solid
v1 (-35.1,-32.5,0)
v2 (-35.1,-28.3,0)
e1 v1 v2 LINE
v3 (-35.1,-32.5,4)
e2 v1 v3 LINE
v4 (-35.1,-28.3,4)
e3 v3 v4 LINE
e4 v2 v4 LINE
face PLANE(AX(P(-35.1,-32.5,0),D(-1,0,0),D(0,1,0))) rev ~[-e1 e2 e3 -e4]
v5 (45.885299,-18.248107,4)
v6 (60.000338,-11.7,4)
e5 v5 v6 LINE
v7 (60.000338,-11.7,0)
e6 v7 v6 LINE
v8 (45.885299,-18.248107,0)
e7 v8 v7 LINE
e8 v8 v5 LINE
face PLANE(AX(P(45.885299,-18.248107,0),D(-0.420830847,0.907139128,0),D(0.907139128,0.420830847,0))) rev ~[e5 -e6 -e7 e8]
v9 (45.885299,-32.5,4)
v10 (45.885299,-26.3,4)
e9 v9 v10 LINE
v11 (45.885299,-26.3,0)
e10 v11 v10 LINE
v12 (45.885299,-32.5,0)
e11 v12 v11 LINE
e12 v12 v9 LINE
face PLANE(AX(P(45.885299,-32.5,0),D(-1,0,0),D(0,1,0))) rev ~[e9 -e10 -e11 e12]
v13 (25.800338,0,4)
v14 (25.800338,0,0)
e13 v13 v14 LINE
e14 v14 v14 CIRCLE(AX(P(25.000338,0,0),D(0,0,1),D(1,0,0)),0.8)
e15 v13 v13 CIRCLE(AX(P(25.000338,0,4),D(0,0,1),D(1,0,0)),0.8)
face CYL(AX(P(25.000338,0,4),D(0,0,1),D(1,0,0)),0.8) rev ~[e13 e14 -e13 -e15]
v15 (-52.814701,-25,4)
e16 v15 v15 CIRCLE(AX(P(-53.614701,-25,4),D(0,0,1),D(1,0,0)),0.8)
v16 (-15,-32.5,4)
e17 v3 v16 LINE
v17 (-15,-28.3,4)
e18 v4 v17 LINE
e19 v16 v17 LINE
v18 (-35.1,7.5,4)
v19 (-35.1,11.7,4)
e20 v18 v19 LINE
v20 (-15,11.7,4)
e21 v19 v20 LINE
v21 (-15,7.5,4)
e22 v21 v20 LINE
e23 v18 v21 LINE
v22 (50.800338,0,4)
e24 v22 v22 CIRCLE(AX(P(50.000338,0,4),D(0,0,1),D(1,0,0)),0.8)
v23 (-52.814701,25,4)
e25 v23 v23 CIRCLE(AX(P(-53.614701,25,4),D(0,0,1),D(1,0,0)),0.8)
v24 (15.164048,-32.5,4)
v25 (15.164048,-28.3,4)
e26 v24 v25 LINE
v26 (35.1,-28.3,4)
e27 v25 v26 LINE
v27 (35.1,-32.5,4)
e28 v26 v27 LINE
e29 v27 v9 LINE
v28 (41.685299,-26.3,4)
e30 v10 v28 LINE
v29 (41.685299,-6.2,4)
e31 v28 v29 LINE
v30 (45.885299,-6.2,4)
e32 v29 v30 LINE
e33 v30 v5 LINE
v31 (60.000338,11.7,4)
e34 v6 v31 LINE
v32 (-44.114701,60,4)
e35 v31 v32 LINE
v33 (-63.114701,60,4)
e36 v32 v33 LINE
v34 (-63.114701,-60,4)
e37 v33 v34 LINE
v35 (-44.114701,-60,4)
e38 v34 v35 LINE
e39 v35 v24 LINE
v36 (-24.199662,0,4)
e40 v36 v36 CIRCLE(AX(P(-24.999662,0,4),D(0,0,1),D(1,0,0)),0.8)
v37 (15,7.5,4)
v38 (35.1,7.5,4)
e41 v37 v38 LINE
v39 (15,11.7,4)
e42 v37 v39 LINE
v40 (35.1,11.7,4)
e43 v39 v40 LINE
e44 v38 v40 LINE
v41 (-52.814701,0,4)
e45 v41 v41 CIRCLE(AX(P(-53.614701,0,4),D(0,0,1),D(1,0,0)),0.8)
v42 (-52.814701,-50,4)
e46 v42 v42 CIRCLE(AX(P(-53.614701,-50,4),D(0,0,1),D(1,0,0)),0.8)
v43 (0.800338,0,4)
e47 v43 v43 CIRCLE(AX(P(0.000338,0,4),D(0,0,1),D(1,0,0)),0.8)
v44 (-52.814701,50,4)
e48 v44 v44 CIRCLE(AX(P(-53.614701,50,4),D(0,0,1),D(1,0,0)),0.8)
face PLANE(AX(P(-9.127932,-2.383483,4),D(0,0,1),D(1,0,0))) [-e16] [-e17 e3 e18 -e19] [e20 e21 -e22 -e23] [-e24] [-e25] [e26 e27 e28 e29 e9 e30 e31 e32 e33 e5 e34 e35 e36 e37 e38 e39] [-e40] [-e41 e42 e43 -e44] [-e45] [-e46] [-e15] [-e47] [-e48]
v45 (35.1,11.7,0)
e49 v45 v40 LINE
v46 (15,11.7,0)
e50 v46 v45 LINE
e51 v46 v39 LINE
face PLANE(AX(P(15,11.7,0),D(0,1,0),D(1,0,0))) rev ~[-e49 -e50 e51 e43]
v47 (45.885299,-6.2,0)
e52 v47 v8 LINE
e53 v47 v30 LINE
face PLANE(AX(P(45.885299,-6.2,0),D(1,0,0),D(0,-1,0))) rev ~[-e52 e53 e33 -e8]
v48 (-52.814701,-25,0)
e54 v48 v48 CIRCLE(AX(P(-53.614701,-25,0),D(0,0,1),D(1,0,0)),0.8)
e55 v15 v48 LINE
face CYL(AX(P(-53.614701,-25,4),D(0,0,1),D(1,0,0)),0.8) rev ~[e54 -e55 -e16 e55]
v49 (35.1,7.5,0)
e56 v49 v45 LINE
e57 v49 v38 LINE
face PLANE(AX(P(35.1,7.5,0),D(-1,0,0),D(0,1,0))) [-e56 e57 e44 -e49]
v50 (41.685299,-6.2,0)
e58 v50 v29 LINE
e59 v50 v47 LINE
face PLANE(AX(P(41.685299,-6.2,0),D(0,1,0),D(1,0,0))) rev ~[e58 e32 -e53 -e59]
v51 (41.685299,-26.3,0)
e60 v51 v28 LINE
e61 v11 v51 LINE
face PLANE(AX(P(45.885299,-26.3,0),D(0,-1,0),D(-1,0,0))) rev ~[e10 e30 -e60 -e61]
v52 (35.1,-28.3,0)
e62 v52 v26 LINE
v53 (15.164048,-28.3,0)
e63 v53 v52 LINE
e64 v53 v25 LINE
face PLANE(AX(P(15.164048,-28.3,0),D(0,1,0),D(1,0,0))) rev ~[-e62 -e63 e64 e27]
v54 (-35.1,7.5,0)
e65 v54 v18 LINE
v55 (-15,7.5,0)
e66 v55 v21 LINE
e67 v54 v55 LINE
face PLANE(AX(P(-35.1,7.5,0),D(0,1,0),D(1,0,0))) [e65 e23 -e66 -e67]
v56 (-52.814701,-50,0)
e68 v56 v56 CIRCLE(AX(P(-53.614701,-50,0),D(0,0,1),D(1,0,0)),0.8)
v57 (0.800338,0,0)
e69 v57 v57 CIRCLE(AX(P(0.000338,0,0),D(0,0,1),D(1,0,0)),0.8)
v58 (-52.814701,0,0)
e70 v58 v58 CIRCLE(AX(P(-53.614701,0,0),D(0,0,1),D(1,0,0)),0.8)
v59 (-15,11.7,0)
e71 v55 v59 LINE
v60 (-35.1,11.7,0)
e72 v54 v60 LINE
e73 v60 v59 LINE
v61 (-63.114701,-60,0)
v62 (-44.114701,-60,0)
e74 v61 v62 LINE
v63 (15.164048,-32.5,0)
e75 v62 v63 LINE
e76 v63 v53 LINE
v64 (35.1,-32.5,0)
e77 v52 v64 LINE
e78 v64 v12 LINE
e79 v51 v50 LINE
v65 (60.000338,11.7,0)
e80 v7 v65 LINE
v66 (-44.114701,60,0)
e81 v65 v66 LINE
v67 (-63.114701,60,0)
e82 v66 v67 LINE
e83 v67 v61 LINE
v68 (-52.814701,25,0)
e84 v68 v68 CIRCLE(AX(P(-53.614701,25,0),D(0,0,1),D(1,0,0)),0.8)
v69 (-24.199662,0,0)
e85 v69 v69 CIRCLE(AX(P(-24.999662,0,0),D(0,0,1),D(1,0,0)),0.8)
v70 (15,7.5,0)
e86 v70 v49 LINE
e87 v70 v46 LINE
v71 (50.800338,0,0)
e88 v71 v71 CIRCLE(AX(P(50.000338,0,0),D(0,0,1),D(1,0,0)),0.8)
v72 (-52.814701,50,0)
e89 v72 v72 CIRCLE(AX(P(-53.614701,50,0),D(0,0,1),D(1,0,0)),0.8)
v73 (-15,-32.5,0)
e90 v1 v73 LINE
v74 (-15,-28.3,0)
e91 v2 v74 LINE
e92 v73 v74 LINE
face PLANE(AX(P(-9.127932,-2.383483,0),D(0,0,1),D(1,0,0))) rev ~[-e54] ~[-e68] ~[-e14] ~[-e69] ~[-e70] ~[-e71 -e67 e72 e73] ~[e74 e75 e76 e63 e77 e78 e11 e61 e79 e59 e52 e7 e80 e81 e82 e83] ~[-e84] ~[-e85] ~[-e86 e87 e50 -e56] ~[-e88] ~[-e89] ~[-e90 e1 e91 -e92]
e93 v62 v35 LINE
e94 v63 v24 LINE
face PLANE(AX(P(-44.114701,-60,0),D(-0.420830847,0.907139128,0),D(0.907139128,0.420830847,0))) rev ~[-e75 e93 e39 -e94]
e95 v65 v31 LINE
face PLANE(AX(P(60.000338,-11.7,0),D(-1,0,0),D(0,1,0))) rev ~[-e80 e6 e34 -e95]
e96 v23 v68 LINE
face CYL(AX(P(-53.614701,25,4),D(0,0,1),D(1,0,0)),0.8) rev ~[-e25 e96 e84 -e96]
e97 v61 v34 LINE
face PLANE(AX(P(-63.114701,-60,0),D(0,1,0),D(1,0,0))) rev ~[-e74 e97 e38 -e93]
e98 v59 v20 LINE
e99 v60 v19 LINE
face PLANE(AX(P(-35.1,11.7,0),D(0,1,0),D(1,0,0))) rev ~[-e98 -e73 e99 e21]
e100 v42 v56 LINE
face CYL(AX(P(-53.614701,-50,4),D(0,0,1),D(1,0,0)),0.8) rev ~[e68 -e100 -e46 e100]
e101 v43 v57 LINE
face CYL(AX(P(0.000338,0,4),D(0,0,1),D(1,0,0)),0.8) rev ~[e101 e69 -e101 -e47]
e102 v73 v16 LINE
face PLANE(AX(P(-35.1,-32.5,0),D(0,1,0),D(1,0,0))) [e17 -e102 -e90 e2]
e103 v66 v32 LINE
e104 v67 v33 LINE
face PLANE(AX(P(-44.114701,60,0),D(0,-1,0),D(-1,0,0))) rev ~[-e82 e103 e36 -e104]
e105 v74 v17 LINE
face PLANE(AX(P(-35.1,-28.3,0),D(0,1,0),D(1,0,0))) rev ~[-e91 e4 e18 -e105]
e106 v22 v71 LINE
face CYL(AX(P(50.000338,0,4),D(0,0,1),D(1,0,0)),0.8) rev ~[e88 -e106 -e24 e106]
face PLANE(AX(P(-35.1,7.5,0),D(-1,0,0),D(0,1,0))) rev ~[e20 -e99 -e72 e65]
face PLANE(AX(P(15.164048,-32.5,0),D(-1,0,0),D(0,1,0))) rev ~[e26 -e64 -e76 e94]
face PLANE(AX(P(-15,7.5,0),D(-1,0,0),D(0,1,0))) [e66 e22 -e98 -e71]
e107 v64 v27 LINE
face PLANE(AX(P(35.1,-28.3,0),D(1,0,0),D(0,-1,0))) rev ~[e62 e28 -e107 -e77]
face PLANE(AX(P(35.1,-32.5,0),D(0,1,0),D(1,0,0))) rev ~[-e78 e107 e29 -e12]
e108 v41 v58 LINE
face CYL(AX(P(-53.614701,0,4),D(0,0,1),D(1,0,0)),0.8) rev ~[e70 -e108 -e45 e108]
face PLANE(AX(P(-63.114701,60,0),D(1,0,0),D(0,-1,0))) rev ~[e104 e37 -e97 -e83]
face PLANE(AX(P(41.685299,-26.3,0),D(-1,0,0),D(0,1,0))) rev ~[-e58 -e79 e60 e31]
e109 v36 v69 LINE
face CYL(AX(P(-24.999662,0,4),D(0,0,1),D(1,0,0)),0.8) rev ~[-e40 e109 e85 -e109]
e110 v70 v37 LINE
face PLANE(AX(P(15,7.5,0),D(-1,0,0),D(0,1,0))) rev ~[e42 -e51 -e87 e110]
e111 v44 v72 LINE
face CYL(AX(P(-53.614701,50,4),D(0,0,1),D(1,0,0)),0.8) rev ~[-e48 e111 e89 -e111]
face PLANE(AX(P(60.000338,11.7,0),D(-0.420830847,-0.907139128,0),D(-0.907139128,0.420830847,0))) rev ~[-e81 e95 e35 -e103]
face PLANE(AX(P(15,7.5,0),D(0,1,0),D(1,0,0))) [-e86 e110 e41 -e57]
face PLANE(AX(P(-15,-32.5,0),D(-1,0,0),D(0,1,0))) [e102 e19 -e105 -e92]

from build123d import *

# Parameters (mm, degrees)
SKETCH1_W           = 20.1
SKETCH1_H           = 4.2
BOSS_EXTRUDE1_DEPTH = 4
SKETCH2_R           = 0.8
CUT_EXTRUDE1_DEPTH  = 4
SKETCH2_3_R         = 0.8
CUT_EXTRUDE2_DEPTH  = 4
LPATTERN1_COUNT     = 6
LPATTERN1_PITCH     = 25
LPATTERN2_COUNT     = 4
LPATTERN2_PITCH     = 25


with BuildPart() as part:
    # Sketch1 → Boss-Extrude1 (new body)
    with BuildSketch(Plane.XY):
        Polygon((-63.114700901, 60), (-63.114700901, -60), (-44.114700901, -60), (15.164047805, -32.5), (15.164047805, -28.3), (35.1, -28.3), (35.1, -32.5), (45.885299099, -32.5), (45.885299099, -26.3), (41.685299099, -26.3), (41.685299099, -6.2), (45.885299099, -6.2), (45.885299099, -8.64710736), (45.885299099, -18.248106547), (60.000337735, -11.7), (60.000337735, 11.7), (-44.114700901, 60), align=None)
        with Locations((-25.05, -30.4)):
            Rectangle(SKETCH1_W, SKETCH1_H, mode=Mode.SUBTRACT)
        with Locations((25.05, 9.6)):
            Rectangle(SKETCH1_W, SKETCH1_H, mode=Mode.SUBTRACT)
        with Locations((-25.05, 9.6)):
            Rectangle(SKETCH1_W, SKETCH1_H, mode=Mode.SUBTRACT)
    extrude(amount=BOSS_EXTRUDE1_DEPTH)

    # Sketch2 → Cut-Extrude1 (cut)
    with BuildSketch(Plane.XY.offset(4)):
        with Locations((-53.614700901, 50)):
            Circle(SKETCH2_R)
    cut_extrude1 = extrude(amount=-CUT_EXTRUDE1_DEPTH, mode=Mode.SUBTRACT)

    # Sketch2<3> → Cut-Extrude2 (cut)
    with BuildSketch(Plane.XY.offset(4)):
        with Locations((50.000337735, 0)):
            Circle(SKETCH2_3_R)
    cut_extrude2 = extrude(amount=-CUT_EXTRUDE2_DEPTH, mode=Mode.SUBTRACT)

    # LPattern1: Cut-Extrude1 ×6
    with Locations(*[(0, -i * LPATTERN1_PITCH, 0) for i in range(1, LPATTERN1_COUNT)]):
        add(cut_extrude1, mode=Mode.SUBTRACT)

    # LPattern2: Cut-Extrude2 ×4
    with Locations(*[(-i * LPATTERN2_PITCH, 0, 0) for i in range(1, LPATTERN2_COUNT)]):
        add(cut_extrude2, mode=Mode.SUBTRACT)


solid = part.part
